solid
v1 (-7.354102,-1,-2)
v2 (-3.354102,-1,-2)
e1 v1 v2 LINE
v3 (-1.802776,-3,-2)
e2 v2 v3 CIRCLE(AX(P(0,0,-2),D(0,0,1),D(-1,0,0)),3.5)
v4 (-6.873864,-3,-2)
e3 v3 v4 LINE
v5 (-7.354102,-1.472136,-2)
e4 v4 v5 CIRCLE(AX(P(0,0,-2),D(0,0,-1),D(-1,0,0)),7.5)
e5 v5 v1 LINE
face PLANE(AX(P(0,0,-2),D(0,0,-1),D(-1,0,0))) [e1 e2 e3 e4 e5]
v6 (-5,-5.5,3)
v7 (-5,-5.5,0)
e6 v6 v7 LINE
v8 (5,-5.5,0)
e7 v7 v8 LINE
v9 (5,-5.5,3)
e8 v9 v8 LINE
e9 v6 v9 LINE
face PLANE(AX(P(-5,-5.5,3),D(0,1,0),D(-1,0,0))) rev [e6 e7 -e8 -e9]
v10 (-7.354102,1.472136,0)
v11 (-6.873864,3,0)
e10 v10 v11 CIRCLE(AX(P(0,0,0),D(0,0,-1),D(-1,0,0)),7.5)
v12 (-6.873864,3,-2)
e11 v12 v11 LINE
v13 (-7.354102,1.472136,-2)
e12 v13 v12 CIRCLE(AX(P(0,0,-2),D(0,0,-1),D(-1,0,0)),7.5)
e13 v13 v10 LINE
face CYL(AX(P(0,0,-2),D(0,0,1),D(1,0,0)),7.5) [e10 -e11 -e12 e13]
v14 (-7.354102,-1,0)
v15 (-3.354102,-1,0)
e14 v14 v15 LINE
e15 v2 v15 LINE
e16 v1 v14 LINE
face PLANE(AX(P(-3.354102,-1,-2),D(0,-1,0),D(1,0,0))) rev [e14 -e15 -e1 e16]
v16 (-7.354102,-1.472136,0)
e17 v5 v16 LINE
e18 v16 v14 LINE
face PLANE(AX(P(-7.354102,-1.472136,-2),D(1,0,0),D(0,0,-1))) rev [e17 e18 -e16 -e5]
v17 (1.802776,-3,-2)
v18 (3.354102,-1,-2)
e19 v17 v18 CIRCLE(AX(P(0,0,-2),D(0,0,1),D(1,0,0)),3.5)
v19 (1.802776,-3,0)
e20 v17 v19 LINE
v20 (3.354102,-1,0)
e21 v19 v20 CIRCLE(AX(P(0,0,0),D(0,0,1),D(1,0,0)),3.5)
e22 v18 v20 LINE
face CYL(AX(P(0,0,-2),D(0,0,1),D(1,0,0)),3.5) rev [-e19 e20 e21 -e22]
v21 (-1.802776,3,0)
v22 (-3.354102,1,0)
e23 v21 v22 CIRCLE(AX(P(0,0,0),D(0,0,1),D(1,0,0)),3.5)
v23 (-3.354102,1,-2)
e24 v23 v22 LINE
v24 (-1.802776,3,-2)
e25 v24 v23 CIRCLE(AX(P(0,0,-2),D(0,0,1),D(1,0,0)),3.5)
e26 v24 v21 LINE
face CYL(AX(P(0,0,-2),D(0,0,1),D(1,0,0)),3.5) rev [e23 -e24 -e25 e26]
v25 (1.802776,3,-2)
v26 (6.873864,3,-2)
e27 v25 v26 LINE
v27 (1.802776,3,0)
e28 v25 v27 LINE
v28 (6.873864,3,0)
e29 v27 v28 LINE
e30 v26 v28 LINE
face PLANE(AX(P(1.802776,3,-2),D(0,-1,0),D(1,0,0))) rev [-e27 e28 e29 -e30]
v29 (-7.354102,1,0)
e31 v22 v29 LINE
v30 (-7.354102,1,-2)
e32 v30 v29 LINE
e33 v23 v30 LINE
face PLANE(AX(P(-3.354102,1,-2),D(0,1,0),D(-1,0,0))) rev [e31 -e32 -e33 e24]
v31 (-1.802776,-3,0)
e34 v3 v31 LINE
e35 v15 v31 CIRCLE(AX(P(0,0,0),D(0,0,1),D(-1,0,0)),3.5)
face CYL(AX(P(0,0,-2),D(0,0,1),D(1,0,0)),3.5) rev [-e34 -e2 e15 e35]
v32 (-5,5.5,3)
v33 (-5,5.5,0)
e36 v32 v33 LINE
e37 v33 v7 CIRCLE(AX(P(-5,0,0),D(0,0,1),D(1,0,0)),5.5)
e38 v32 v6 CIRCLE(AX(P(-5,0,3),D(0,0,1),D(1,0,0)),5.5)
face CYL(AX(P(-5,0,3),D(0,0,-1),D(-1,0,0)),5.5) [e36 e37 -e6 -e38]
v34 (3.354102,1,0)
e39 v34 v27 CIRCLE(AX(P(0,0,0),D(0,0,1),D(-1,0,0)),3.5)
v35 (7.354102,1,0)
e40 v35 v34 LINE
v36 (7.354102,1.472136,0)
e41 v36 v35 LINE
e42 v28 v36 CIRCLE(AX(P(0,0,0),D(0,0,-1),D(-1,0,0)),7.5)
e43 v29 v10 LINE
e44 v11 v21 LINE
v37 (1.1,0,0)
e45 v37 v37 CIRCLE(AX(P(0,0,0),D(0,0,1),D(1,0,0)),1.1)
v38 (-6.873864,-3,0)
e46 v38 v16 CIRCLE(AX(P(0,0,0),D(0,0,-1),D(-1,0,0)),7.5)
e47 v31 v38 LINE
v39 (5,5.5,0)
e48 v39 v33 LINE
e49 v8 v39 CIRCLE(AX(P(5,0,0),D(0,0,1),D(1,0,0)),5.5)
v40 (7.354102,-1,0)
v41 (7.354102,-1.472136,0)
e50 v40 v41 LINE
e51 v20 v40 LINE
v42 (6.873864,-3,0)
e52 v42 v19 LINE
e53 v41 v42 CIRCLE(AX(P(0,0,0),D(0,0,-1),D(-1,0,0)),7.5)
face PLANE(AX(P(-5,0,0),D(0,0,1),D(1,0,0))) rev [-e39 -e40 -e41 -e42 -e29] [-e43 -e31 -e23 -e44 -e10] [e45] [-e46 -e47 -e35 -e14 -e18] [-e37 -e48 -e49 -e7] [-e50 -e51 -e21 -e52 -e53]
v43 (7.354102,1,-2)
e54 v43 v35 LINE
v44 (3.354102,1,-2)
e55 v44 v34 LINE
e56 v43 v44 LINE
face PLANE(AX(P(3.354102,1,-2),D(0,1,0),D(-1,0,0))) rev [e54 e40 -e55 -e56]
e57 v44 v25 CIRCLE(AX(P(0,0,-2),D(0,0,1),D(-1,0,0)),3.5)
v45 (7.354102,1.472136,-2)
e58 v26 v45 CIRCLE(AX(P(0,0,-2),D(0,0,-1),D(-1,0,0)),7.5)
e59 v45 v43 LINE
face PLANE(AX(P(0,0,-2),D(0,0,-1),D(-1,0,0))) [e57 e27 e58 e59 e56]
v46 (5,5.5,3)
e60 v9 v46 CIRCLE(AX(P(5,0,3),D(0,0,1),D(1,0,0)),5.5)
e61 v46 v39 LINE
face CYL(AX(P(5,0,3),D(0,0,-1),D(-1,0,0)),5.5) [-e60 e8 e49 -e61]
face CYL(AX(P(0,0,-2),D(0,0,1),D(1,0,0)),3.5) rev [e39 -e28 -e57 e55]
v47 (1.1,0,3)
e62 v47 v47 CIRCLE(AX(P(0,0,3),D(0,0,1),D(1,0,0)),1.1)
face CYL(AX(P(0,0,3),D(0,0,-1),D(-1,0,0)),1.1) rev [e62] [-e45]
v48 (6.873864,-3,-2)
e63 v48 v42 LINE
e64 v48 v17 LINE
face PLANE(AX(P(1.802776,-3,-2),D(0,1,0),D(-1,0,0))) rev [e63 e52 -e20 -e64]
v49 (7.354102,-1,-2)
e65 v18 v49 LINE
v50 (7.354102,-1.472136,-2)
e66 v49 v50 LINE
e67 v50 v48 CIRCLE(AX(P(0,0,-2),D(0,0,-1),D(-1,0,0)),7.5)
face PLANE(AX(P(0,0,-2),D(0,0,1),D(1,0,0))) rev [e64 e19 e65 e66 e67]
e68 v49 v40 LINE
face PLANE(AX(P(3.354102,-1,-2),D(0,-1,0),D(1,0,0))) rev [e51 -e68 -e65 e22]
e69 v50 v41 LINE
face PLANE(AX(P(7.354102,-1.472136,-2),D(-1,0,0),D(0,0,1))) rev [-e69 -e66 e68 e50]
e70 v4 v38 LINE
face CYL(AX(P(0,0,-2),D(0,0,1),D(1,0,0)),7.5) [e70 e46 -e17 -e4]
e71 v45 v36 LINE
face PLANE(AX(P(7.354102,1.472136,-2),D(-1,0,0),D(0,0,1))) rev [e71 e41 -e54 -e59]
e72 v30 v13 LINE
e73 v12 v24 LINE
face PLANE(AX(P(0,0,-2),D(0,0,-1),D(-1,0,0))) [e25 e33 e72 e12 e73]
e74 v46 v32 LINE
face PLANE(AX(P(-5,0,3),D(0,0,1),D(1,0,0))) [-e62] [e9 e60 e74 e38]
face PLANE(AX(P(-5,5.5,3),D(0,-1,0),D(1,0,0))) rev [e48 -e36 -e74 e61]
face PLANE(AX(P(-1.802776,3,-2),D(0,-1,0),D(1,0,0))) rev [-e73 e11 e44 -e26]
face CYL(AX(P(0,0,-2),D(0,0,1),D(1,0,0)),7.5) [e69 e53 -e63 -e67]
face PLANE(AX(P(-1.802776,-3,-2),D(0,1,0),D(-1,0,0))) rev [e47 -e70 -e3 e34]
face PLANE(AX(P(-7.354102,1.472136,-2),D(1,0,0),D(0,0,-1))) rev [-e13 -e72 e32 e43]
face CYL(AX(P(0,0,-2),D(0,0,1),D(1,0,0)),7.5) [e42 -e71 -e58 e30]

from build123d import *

# Parameters (mm, degrees)
SKETCH_1_R      = 1.1
EXTRUDE_1_DEPTH = 3
EXTRUDE_2_DEPTH = 2


with BuildPart() as part:
    # 草图1 → 凸台-拉伸1 (new body)
    with BuildSketch(Plane.XY):
        with BuildLine():
            Line((-5, 5.5), (5, 5.5))
            ThreePointArc((5, 5.5), (10.5, 0), (5, -5.5))
            Line((5, -5.5), (-5, -5.5))
            ThreePointArc((-5, -5.5), (-10.5, 0), (-5, 5.5))
        make_face()
        Circle(SKETCH_1_R, mode=Mode.SUBTRACT)
    extrude(amount=EXTRUDE_1_DEPTH)

    # 草图3 → 凸台-拉伸2 (add)
    with BuildSketch(Plane(origin=(0, 0, 0), x_dir=(-1, 0, 0), z_dir=(0, 0, -1))):
        with BuildLine():
            Line((-1.802775638, 3), (-6.873863542, 3))
            ThreePointArc((-6.873863542, 3), (-7.154882442, 2.248923573), (-7.354101966, 1.472135955))
            Line((-7.354101966, 1.472135955), (-7.354101966, 1))
            Line((-7.354101966, 1), (-3.354101966, 1))
            ThreePointArc((-3.354101966, 1), (-2.765564437, 2.145146462), (-1.802775638, 3))
        make_face()
        with BuildLine():
            Line((-7.354101966, -1.472135955), (-7.354101966, -1))
            Line((-7.354101966, -1), (-3.354101966, -1))
            ThreePointArc((-3.354101966, -1), (-2.765564437, -2.145146462), (-1.802775638, -3))
            Line((-1.802775638, -3), (-6.873863542, -3))
            ThreePointArc((-6.873863542, -3), (-7.154882442, -2.248923573), (-7.354101966, -1.472135955))
        make_face()
        with BuildLine():
            Line((1.802775638, -3), (6.873863542, -3))
            ThreePointArc((6.873863542, -3), (7.154882442, -2.248923573), (7.354101966, -1.472135955))
            Line((7.354101966, -1.472135955), (7.354101966, -1))
            Line((7.354101966, -1), (3.354101966, -1))
            ThreePointArc((3.354101966, -1), (2.765564437, -2.145146462), (1.802775638, -3))
        make_face()
        with BuildLine():
            Line((7.354101966, 1.472135955), (7.354101966, 1))
            Line((7.354101966, 1), (3.354101966, 1))
            ThreePointArc((3.354101966, 1), (2.765564437, 2.145146462), (1.802775638, 3))
            Line((1.802775638, 3), (6.873863542, 3))
            ThreePointArc((6.873863542, 3), (7.154882442, 2.248923573), (7.354101966, 1.472135955))
        make_face()
    extrude(amount=EXTRUDE_2_DEPTH)


solid = part.part
